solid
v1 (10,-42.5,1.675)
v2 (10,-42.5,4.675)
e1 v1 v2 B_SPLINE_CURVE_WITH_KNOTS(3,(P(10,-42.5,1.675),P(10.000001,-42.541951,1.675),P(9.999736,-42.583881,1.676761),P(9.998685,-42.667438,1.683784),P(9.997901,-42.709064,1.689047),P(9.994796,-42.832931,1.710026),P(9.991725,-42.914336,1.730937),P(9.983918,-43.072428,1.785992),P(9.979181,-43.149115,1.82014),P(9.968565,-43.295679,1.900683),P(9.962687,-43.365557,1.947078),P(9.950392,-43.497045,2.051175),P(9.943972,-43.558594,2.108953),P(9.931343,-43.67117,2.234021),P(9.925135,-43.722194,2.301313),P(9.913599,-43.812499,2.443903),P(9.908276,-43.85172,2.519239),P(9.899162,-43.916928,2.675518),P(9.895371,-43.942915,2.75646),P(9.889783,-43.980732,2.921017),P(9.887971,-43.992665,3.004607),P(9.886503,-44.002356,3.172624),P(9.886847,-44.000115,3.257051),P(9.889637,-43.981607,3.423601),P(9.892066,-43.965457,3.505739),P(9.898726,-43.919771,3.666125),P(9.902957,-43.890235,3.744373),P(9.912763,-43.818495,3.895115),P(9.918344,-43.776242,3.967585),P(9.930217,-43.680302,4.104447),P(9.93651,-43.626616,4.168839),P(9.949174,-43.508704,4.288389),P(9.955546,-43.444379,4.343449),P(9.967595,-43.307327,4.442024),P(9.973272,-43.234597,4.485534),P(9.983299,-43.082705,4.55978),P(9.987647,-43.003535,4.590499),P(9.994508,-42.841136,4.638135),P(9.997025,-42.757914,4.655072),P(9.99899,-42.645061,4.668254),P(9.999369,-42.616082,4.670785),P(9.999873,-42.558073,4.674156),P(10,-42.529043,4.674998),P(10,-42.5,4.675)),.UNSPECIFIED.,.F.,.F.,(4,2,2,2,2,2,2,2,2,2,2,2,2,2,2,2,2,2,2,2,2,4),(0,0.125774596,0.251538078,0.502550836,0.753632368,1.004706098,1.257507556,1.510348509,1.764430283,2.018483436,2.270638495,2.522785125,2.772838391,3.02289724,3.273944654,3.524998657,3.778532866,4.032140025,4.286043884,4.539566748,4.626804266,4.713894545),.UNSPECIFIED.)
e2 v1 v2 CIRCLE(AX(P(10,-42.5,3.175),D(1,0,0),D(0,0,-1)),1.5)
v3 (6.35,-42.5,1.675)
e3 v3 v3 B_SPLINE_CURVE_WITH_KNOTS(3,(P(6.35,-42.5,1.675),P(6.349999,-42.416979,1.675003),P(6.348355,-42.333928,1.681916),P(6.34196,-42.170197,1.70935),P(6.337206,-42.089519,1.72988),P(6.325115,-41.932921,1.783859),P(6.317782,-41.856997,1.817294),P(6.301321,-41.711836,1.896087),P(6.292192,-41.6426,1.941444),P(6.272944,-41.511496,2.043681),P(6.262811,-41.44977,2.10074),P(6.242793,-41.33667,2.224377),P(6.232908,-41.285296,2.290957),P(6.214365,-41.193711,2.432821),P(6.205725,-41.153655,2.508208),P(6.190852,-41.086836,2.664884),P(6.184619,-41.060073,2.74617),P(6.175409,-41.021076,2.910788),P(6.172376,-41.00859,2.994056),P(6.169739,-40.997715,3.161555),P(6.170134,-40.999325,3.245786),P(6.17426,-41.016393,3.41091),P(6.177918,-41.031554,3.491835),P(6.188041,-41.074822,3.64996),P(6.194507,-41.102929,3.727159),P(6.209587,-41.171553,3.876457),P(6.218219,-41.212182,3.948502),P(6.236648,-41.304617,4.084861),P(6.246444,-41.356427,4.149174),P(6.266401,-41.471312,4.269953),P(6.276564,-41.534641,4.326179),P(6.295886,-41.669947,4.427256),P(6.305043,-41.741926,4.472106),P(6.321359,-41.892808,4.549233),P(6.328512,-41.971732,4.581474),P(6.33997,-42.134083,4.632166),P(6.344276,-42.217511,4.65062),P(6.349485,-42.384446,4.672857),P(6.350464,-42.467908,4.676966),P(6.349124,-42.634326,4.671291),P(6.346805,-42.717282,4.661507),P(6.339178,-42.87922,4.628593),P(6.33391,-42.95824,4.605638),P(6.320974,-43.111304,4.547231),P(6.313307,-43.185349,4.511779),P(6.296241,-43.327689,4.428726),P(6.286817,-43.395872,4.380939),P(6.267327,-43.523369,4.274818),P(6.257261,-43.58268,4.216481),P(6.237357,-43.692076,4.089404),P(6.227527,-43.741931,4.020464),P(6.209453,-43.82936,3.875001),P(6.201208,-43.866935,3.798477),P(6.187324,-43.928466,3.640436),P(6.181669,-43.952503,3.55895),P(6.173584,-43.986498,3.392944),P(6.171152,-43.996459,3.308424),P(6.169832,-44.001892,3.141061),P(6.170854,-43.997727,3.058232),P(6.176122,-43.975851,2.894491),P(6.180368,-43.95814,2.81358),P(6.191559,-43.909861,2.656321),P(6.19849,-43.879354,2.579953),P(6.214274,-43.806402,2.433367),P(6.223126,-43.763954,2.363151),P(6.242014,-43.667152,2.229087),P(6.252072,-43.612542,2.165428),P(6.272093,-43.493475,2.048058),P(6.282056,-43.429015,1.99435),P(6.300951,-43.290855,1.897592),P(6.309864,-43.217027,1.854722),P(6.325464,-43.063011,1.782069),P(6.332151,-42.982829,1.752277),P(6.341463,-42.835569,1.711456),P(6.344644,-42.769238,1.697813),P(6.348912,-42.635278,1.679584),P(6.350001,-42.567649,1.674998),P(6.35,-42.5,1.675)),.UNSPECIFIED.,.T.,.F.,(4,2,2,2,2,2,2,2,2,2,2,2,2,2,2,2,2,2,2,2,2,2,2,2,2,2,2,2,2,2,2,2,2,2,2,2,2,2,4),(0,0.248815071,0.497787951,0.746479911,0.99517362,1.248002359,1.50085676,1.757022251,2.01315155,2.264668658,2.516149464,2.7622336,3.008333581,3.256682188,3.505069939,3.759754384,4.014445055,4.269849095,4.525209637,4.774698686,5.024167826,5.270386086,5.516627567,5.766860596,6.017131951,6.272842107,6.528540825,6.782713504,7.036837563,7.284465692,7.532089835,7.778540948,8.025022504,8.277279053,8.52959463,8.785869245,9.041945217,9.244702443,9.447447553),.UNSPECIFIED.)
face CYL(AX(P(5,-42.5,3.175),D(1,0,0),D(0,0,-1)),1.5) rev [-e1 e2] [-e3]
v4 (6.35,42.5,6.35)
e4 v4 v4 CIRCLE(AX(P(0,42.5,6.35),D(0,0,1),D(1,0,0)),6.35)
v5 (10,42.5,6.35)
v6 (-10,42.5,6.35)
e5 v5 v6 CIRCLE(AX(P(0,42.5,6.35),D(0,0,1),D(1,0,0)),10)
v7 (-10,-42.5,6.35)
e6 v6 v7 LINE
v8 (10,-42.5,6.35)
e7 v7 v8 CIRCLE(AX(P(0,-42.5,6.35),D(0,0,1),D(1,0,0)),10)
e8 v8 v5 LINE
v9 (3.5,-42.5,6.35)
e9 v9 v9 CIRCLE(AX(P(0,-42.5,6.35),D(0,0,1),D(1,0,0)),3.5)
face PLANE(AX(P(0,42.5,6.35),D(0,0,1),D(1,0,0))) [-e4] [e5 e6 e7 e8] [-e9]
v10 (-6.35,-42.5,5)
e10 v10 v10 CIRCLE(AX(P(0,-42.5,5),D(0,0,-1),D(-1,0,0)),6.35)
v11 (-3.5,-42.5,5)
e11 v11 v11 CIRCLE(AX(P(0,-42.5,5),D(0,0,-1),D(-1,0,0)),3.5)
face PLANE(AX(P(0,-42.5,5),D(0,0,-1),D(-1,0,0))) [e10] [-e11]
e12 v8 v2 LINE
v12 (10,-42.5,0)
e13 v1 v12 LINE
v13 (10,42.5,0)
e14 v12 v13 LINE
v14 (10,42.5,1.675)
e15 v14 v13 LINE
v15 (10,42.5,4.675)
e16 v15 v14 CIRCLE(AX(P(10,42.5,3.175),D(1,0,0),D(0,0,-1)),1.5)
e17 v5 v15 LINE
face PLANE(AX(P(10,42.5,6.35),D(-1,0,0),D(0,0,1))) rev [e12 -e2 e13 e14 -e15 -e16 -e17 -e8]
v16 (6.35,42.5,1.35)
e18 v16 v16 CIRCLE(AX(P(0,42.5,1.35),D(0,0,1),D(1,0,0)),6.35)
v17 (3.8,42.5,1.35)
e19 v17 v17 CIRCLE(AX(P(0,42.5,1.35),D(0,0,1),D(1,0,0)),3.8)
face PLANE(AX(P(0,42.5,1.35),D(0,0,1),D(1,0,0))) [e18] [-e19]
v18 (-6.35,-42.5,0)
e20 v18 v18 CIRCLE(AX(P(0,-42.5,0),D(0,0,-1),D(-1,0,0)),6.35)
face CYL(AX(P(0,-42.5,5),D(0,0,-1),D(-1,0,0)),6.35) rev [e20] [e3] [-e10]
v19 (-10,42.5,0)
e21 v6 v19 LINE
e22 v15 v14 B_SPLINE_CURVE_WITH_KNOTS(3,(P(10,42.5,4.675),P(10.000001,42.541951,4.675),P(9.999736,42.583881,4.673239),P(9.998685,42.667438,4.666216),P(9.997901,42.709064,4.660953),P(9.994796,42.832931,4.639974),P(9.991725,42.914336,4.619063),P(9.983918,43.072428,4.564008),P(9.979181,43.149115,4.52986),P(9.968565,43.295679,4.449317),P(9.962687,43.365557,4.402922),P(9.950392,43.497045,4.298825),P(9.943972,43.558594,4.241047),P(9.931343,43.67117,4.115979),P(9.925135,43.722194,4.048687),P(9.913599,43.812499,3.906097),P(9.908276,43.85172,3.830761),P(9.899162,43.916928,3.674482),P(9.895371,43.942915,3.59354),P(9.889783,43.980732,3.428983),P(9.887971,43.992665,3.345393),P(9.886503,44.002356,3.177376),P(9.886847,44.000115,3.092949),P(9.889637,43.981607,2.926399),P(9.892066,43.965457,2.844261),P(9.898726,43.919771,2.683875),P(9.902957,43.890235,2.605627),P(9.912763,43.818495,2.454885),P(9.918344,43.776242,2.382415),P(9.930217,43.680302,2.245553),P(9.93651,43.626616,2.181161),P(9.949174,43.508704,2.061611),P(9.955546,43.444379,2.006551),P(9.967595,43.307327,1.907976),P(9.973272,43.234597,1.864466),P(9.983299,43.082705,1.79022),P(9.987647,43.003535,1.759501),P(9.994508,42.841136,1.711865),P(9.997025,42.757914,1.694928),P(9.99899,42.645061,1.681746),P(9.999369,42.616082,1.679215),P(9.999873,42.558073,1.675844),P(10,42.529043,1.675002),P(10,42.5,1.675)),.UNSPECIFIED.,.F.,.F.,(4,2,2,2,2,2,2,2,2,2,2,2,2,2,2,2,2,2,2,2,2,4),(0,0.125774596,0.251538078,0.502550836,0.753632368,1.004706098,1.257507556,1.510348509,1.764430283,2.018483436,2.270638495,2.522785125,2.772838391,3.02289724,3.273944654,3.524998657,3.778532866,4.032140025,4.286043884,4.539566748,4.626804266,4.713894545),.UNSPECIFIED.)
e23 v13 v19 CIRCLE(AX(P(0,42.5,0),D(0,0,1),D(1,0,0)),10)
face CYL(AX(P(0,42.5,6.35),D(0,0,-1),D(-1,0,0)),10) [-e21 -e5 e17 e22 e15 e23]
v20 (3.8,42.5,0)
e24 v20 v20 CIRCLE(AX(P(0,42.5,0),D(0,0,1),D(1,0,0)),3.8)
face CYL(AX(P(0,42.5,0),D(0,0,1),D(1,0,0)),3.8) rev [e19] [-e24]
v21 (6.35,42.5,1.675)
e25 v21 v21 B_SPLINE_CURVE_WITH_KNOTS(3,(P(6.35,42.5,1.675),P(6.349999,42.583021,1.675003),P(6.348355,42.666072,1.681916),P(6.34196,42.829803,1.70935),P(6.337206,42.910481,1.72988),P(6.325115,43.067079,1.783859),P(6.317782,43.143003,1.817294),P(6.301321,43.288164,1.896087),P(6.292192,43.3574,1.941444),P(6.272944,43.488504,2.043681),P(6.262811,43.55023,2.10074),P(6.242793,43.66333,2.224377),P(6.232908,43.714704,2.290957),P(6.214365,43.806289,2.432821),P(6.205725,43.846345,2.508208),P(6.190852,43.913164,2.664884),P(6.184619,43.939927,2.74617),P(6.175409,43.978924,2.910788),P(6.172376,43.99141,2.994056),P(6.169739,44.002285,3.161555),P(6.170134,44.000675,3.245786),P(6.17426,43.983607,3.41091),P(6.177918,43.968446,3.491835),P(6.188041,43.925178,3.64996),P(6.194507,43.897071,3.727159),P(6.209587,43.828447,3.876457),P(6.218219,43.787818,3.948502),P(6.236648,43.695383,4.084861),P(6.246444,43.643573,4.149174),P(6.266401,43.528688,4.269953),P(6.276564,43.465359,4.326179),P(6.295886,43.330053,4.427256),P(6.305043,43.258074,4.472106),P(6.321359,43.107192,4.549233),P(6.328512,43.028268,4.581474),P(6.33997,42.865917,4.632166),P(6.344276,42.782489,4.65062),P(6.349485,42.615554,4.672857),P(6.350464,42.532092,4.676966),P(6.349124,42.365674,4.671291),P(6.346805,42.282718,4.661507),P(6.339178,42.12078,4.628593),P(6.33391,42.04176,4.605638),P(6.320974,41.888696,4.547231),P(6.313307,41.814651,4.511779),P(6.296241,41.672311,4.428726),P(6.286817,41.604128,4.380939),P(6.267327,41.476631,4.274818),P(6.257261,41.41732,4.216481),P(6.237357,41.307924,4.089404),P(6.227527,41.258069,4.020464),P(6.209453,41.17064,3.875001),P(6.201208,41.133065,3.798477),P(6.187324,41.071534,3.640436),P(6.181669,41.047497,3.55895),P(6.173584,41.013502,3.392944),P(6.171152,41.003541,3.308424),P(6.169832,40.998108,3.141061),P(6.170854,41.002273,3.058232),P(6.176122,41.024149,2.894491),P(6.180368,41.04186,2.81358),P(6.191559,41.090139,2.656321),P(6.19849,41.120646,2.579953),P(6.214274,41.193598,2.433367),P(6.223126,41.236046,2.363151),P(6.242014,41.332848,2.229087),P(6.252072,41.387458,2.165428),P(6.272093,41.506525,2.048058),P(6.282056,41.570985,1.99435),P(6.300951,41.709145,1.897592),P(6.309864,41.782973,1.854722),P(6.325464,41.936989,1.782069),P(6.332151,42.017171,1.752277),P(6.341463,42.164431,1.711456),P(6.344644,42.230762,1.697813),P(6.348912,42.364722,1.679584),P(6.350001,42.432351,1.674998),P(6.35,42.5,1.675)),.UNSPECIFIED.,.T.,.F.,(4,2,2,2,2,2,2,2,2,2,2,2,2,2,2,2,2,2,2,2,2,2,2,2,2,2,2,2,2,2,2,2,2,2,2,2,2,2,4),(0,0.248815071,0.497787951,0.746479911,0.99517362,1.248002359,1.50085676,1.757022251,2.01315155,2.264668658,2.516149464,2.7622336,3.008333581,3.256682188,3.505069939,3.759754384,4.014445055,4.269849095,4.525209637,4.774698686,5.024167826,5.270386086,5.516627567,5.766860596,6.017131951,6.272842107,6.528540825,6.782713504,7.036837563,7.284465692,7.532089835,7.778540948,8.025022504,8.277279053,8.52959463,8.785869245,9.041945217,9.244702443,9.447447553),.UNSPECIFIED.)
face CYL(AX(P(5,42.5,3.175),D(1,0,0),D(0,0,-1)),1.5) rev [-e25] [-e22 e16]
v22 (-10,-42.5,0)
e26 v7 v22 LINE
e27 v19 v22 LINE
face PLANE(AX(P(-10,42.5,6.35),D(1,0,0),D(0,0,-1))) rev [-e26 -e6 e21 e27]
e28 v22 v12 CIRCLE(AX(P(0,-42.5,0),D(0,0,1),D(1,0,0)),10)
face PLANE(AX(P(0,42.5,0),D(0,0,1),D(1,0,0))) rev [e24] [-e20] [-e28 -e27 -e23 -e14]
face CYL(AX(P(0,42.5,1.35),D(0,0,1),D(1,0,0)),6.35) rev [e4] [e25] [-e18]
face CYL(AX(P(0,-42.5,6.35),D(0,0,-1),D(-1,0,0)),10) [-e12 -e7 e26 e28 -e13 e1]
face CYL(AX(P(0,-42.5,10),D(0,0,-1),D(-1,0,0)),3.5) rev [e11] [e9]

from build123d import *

# Parameters (mm, degrees)
SALIENTE_EXTRUIR1_DEPTH = 6.35
CROQUIS2_R              = 6.35
CORTAR_EXTRUIR1_DEPTH   = 5
CROQUIS3_R              = 3.8
CORTAR_EXTRUIR2_DEPTH   = 2.35
CROQUIS6_R              = 1.5
CORTAR_EXTRUIR5_DEPTH   = 5
CROQUIS7_R              = 6.35
CORTAR_EXTRUIR6_DEPTH   = 5
CROQUIS8_R              = 3.5
CORTAR_EXTRUIR7_DEPTH   = 5
CROQUIS9_R              = 1.5
CORTAR_EXTRUIR8_DEPTH   = 5


with BuildPart() as part:
    # Croquis1 → Saliente-Extruir1 (new body)
    with BuildSketch(Plane.XY):
        with BuildLine():
            Line((10, 42.5), (10, -42.5))
            ThreePointArc((10, -42.5), (0, -52.5), (-10, -42.5))
            Line((-10, -42.5), (-10, 42.5))
            ThreePointArc((-10, 42.5), (0, 52.5), (10, 42.5))
        make_face()
    extrude(amount=SALIENTE_EXTRUIR1_DEPTH)

    # Croquis2 → Cortar-Extruir1 (cut)
    with BuildSketch(Plane.XY.offset(6.35)):
        with Locations((0, 42.5)):
            Circle(CROQUIS2_R)
    extrude(amount=-CORTAR_EXTRUIR1_DEPTH, mode=Mode.SUBTRACT)

    # Croquis3 → Cortar-Extruir2 (cut, through all)
    with BuildSketch(Plane.XY.offset(1.35)):
        with Locations((0, 42.5)):
            Circle(CROQUIS3_R)
    extrude(amount=-CORTAR_EXTRUIR2_DEPTH, mode=Mode.SUBTRACT)

    # Croquis6 → Cortar-Extruir5 (cut)
    with BuildSketch(Plane(origin=(10, 0, 0), x_dir=(0, 0, -1), z_dir=(1, 0, 0))):
        with Locations((-3.175, 42.5)):
            Circle(CROQUIS6_R)
    extrude(amount=-CORTAR_EXTRUIR5_DEPTH, mode=Mode.SUBTRACT)

    # Croquis7 → Cortar-Extruir6 (cut)
    with BuildSketch(Plane(origin=(0, 0, 0), x_dir=(-1, 0, 0), z_dir=(0, 0, -1))):
        with Locations((0, -42.5)):
            Circle(CROQUIS7_R)
    extrude(amount=-CORTAR_EXTRUIR6_DEPTH, mode=Mode.SUBTRACT)

    # Croquis8 → Cortar-Extruir7 (cut)
    with BuildSketch(Plane(origin=(0, 0, 5), x_dir=(-1, 0, 0), z_dir=(0, 0, -1))):
        with Locations((0, -42.5)):
            Circle(CROQUIS8_R)
    extrude(amount=-CORTAR_EXTRUIR7_DEPTH, mode=Mode.SUBTRACT)

    # Croquis9 → Cortar-Extruir8 (cut)
    with BuildSketch(Plane(origin=(10, 0, 0), x_dir=(0, 0, -1), z_dir=(1, 0, 0))):
        with Locations((-3.175, -42.5)):
            Circle(CROQUIS9_R)
    extrude(amount=-CORTAR_EXTRUIR8_DEPTH, mode=Mode.SUBTRACT)


solid = part.part
